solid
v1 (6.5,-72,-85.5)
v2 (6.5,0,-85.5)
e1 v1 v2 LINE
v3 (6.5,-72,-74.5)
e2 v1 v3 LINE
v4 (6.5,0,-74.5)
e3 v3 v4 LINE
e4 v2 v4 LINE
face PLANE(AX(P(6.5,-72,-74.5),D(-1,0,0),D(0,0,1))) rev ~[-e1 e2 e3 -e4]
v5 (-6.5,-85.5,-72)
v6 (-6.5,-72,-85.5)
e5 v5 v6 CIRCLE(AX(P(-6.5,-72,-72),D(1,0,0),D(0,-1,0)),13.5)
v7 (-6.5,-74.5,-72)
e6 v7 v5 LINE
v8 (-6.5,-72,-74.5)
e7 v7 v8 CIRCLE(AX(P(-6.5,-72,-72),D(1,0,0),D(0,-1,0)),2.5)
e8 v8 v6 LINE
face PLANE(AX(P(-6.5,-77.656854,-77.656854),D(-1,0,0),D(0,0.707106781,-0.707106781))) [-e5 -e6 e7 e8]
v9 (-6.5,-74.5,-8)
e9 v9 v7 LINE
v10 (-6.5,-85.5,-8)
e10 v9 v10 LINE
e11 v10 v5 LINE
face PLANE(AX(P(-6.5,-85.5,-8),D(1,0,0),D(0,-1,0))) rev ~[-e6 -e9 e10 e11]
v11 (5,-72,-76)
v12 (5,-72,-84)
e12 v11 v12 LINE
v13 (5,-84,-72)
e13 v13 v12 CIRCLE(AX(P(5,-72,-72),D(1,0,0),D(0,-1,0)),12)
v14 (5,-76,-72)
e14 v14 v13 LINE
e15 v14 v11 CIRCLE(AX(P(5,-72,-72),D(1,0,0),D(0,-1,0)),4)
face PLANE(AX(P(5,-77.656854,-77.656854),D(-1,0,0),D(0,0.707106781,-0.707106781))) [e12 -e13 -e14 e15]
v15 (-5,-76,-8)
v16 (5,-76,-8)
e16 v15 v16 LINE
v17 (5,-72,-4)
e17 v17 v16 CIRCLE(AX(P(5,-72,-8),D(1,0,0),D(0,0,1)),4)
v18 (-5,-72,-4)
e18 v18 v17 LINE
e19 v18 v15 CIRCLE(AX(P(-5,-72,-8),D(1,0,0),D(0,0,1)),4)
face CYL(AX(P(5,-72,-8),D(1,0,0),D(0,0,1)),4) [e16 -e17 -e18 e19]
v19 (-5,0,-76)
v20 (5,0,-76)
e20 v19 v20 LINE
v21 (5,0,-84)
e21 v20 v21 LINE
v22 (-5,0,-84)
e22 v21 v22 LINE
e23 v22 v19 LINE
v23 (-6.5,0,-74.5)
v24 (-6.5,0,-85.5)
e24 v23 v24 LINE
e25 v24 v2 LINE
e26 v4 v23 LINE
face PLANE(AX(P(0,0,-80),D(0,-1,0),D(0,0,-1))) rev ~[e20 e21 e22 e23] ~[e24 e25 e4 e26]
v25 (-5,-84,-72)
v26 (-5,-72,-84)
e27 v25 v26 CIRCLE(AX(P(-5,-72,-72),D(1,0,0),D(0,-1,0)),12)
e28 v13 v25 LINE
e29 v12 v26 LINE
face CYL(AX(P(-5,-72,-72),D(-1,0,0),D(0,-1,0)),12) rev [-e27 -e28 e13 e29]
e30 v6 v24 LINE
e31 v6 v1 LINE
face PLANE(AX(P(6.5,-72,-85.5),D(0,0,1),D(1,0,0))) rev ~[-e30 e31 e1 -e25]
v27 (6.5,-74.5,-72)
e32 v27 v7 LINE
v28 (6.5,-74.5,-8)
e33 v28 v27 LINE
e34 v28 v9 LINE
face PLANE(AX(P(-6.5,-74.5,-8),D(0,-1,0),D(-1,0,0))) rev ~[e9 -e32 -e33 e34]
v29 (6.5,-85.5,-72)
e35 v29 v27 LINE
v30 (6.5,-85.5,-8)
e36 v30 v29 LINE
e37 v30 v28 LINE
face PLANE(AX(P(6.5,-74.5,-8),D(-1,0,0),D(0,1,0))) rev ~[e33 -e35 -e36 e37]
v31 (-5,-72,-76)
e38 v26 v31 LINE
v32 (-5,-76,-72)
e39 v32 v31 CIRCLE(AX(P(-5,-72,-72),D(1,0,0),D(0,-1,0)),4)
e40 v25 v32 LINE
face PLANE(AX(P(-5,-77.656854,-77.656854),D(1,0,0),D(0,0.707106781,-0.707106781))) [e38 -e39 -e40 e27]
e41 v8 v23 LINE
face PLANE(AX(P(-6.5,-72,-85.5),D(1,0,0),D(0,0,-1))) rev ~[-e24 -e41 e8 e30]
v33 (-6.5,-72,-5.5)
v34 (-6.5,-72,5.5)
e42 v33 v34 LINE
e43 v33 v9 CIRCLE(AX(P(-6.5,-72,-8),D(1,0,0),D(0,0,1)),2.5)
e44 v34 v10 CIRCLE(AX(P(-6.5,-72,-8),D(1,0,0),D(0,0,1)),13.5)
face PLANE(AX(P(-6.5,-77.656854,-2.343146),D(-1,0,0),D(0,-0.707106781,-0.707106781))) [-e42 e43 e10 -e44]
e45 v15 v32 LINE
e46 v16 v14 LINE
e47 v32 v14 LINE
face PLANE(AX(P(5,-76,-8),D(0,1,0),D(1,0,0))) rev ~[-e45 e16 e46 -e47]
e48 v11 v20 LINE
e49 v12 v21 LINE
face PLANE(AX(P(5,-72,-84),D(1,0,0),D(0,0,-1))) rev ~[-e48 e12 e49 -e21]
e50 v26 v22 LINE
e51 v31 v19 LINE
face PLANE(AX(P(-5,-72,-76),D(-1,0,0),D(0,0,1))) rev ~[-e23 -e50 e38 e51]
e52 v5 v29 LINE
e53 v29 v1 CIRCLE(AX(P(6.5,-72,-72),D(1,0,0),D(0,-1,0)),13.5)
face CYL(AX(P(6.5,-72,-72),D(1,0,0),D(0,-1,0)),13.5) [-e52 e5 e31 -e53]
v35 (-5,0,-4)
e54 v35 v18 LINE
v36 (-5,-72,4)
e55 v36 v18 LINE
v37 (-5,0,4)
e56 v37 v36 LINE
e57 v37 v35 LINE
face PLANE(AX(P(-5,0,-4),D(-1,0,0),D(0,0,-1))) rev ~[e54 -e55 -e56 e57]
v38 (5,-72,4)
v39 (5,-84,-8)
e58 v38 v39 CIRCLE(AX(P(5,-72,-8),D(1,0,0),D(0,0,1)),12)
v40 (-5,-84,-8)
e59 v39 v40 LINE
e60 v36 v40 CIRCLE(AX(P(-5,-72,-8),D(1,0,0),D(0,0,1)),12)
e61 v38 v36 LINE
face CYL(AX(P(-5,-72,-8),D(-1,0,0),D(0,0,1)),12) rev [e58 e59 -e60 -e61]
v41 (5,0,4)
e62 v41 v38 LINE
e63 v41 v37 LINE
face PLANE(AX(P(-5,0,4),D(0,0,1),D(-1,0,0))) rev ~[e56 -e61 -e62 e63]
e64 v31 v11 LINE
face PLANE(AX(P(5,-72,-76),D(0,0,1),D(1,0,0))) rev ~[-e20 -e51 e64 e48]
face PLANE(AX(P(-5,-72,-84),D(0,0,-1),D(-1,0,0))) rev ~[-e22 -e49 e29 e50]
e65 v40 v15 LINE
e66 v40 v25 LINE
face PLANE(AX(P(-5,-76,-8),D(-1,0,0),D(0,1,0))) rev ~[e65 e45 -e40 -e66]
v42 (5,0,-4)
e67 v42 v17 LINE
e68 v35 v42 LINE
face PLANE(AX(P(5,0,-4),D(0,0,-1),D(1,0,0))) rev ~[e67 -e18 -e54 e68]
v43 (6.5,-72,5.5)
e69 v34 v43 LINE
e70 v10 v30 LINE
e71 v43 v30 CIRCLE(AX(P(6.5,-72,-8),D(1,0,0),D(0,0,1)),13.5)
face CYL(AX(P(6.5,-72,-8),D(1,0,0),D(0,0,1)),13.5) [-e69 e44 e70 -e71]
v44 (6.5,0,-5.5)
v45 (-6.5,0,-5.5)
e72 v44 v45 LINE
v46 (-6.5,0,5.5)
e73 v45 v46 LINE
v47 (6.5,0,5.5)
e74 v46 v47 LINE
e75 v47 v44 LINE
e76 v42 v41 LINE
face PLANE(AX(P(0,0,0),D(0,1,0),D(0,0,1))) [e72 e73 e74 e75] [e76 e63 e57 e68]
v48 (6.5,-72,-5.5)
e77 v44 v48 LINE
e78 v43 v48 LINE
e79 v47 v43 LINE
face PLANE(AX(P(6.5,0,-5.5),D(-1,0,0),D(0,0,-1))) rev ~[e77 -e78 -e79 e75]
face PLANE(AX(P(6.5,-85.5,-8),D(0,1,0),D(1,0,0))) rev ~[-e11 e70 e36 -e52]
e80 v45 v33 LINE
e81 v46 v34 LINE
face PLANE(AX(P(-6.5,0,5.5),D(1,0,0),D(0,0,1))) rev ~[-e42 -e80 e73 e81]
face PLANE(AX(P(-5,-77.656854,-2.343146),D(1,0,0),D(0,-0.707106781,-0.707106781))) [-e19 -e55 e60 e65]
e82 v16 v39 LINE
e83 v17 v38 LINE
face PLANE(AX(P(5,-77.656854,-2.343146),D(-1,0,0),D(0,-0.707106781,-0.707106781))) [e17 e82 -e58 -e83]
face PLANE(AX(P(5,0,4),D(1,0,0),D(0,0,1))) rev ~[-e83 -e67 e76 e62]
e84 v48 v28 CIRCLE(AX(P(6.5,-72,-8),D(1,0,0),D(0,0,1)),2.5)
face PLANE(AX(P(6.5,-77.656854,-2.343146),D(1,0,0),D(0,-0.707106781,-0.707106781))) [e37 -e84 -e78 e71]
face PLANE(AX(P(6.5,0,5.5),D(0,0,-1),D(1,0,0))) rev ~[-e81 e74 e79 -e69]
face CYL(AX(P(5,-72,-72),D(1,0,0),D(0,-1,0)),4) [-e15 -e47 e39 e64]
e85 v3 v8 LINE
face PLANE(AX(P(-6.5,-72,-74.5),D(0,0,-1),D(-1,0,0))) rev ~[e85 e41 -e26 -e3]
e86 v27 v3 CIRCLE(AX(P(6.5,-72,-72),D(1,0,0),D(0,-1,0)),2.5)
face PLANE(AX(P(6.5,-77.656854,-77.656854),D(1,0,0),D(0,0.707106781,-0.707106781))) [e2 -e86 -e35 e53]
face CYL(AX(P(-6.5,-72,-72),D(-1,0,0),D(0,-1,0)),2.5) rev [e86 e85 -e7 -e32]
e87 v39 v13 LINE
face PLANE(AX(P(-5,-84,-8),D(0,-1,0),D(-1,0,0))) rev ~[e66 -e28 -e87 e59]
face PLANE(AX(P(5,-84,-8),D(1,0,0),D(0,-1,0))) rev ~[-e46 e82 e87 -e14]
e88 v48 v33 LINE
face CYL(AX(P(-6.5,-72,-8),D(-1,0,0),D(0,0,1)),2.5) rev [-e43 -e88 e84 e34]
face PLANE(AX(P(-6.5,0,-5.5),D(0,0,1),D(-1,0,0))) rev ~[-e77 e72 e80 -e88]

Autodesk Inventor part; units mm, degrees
ref_plane "YZ Plane" through (0, 0, 0) normal (1, 0, 0) x (0, 1, 0)
ref_plane "XZ Plane" through (0, 0, 0) normal (0, 1, 0) x (-1, 0, 0)
ref_plane "XY Plane" through (0, 0, 0) normal (0, 0, 1) x (1, 0, 0)
sketch "Sketch1" plane through (0, 0, 0) normal (1, 0, 0) x (0, 1, 0)
  line L0 (0, 0) -> (-72, 0)
  line L1 (-80, -8) -> (-80, -72)
  line L2 (-72, -80) -> (0, -80)
  arc A0 (-72, 0) -> (-80, -8) centre (-72, -8) ccw
  arc A1 (-80, -72) -> (-72, -80) centre (-72, -72) ccw
  point P0 (-80, 0)
  point P1 (-80, -80)
  dimension "d0" = 80
  dimension "d1" = 80
  dimension "d2" = 80
  dimension "d3" = 8
sketch "Sketch2" plane through (0, 0, 0) normal (0, 1, 0) x (-1, 0, 0)
  line L0 (5, 4) -> (-5, 4)
  line L1 (-5, 4) -> (-5, -4)
  line L2 (-5, -4) -> (5, -4)
  line L3 (5, -4) -> (5, 4)
  line L4 (5, 4) -> (-5, -4) construction
  line L5 (-5, 4) -> (5, -4) construction
  line L6 (6.5, -5.5) -> (-6.5, -5.5)
  line L7 (-6.5, -5.5) -> (-6.5, 5.5)
  line L8 (-6.5, 5.5) -> (6.5, 5.5)
  line L9 (6.5, 5.5) -> (6.5, -5.5)
  point P0 (0, 0)
  dimension "d4" = 10
  dimension "d5" = 8
  dimension "d6" = 1.5
sweep "Sweep1" add profiles "Sketch2" path "Sketch1"
